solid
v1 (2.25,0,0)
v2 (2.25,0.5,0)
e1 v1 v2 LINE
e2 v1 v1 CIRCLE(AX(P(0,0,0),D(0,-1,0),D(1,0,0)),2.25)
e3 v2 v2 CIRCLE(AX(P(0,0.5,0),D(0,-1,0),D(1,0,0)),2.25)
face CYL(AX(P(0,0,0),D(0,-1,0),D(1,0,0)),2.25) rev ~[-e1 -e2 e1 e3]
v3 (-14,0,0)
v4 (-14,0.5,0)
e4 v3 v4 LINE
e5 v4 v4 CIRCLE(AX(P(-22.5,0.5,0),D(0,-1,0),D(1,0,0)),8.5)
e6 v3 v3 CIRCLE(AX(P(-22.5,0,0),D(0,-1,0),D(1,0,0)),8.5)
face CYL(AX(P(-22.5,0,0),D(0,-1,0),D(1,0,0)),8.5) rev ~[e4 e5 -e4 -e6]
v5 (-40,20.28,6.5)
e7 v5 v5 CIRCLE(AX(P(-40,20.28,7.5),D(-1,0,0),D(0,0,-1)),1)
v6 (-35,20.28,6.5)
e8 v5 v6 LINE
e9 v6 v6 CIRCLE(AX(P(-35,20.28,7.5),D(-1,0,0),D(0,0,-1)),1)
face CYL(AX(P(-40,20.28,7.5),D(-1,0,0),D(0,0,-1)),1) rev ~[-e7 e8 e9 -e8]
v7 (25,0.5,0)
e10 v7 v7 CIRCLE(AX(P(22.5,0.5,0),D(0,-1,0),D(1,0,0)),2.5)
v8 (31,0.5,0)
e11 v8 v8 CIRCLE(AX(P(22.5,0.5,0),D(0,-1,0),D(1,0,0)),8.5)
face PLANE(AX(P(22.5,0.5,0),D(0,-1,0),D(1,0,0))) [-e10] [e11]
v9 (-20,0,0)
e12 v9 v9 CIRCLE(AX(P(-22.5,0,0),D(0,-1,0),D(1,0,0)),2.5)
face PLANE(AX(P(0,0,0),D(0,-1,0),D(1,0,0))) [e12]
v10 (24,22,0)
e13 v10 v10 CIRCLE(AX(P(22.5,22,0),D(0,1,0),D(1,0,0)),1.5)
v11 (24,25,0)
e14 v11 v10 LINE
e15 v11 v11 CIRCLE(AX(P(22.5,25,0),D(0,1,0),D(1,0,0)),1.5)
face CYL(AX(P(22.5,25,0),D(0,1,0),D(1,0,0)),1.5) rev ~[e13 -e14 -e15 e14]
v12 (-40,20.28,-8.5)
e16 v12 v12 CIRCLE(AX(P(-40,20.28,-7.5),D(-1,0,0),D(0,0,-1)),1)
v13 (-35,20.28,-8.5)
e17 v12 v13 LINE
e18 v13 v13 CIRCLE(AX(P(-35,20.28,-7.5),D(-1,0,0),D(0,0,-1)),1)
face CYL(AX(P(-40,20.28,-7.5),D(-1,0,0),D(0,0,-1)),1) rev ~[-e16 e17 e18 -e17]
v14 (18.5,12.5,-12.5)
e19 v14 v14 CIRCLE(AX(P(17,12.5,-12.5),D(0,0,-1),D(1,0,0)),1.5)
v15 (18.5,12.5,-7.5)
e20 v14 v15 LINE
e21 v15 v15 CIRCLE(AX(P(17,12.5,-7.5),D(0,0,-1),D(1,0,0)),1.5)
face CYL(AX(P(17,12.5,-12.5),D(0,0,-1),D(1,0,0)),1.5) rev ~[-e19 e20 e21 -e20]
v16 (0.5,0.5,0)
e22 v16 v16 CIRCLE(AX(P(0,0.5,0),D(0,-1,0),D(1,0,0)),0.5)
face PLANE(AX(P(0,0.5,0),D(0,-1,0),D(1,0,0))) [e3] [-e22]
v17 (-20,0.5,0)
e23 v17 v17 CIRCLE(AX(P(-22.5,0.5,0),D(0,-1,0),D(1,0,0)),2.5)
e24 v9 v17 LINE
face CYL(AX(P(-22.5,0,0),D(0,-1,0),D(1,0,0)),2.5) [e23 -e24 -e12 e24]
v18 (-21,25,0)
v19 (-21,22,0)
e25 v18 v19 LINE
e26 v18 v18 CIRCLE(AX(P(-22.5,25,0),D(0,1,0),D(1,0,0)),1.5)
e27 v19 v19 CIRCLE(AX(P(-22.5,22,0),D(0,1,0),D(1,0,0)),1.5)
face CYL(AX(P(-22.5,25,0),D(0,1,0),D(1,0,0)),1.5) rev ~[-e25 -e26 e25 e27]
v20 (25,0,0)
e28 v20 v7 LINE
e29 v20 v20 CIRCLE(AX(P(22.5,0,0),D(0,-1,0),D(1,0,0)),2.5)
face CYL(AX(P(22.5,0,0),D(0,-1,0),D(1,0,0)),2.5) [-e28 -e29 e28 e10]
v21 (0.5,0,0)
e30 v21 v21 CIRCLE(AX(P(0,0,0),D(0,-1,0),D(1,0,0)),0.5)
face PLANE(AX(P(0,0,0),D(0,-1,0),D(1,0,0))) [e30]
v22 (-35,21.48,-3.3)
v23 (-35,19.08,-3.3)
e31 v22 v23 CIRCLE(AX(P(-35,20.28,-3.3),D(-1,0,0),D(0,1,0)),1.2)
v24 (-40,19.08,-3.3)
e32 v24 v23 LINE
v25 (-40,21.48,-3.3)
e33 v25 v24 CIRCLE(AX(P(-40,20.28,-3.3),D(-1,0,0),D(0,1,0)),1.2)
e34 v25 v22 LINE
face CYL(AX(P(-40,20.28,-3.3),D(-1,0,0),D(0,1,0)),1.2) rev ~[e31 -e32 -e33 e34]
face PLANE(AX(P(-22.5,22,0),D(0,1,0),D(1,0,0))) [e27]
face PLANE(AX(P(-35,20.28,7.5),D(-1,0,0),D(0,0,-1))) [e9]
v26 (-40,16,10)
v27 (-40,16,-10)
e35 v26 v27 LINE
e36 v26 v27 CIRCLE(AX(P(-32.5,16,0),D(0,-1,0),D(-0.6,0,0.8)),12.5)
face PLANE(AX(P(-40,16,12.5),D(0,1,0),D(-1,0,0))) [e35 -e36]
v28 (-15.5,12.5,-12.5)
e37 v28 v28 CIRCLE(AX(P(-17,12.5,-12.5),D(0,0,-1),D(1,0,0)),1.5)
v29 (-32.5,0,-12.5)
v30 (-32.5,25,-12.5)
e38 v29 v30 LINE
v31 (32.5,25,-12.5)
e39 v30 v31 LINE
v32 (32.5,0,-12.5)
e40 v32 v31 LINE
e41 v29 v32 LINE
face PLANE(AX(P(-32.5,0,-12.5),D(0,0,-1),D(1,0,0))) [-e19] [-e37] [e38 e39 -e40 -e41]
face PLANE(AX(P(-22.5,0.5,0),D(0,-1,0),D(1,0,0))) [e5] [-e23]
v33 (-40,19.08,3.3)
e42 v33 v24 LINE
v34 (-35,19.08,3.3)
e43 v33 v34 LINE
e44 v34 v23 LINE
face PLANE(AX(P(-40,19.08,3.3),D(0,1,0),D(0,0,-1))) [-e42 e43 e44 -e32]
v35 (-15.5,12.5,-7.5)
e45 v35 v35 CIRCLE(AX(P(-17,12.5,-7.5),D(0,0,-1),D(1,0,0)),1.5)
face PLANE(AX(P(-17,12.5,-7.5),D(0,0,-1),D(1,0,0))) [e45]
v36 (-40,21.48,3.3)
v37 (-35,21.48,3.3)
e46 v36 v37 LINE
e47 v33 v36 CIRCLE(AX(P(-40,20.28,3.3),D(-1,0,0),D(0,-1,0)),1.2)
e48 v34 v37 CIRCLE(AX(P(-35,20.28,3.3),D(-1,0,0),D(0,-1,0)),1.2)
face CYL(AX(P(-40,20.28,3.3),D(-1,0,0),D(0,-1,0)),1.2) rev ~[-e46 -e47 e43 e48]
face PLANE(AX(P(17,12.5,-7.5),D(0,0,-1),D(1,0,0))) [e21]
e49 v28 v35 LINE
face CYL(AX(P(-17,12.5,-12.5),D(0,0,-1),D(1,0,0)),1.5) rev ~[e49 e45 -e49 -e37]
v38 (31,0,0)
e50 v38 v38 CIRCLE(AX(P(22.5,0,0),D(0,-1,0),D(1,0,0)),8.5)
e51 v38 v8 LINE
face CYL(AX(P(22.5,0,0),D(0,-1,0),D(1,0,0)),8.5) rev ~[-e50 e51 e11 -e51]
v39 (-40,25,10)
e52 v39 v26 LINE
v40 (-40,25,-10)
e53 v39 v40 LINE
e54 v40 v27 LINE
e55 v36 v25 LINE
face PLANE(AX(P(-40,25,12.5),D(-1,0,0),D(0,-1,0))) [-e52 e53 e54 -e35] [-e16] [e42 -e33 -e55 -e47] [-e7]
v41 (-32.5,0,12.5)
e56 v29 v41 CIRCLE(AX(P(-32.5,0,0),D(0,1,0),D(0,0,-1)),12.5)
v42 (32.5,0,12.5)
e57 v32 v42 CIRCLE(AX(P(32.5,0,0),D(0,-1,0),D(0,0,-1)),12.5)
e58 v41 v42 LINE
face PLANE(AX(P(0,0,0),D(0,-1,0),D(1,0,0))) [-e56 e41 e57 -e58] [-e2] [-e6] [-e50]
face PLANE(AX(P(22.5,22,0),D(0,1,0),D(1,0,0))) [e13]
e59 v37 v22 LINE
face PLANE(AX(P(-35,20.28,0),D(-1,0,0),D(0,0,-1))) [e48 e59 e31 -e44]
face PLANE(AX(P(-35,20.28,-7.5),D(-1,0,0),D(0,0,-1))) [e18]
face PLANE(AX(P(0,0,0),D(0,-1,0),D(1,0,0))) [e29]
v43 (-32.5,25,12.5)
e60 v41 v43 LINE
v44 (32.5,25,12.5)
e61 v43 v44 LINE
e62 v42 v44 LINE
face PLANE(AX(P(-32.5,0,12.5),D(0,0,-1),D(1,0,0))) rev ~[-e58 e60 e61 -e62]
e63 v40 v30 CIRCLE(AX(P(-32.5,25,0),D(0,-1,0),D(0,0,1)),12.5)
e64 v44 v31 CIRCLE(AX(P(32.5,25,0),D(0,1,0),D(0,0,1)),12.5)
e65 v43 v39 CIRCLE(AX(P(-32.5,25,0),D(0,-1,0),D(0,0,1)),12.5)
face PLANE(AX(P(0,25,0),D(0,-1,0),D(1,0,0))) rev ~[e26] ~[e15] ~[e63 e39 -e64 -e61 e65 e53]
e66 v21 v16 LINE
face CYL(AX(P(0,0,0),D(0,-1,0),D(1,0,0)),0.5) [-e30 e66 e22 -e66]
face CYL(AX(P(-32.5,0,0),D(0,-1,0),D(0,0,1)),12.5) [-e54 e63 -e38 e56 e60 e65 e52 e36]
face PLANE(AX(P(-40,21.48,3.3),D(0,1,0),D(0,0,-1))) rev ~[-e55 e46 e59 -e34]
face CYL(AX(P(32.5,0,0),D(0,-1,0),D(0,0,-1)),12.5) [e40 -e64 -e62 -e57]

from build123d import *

# Parameters (mm, degrees)
PAD_DEPTH       = 25
SKETCH001_W     = 91
SKETCH001_H     = 26
POCKET_DEPTH    = 25.001
SKETCH002_R     = 1.5
POCKET001_DEPTH = 3
SKETCH004_R     = 1
POCKET002_DEPTH = 5
SKETCH005_R     = 8.5
SKETCH005_R_2   = 2.5
SKETCH005_R_3   = 2.25
SKETCH005_R_4   = 0.5
POCKET003_DEPTH = 0.5
SKETCH006_R     = 1.5
POCKET004_DEPTH = 5


with BuildPart() as part:
    # Sketch → Pad (new body)
    with BuildSketch(Plane.XZ):
        with BuildLine():
            ThreePointArc((-32.5, 12.5), (-45, 0), (-32.5, -12.5))
            Line((-32.5, -12.5), (32.5, -12.5))
            ThreePointArc((32.5, -12.5), (45, 0), (32.5, 12.5))
            Line((-32.5, 12.5), (32.5, 12.5))
        make_face()
    extrude(amount=-PAD_DEPTH)

    # Sketch001 (on Face4 of Pad) → Pocket (cut, through all)
    with BuildSketch(Plane(origin=(0, 0, 12.5), x_dir=(-1, 0, 0), z_dir=(0, 0, 1))):
        with Locations((0, -12.5)):
            Rectangle(SKETCH001_W, SKETCH001_H)
        Polygon((45, -16), (45, -2), (45, 0), (44, 0), (-32.5, 0), (-44.5, 0), (-45, 0), (-45, -3.68), (-45, -23), (-45, -25), (-44, -25), (40, -25), (40, -16), align=None, mode=Mode.SUBTRACT)
    extrude(amount=-POCKET_DEPTH, mode=Mode.SUBTRACT)

    # Sketch002 (on Face5 of Pocket) → Pocket001 (cut)
    with BuildSketch(Plane(origin=(0, 25, 0), x_dir=(1, 0, 0), z_dir=(0, 1, 0))):
        with Locations((22.5, 0)):
            Circle(SKETCH002_R)
        with Locations((-22.5, 0)):
            Circle(SKETCH002_R)
    extrude(amount=-POCKET001_DEPTH, mode=Mode.SUBTRACT)

    # Sketch004 (on Face7 of Pocket001) → Pocket002 (cut)
    with BuildSketch(Plane(origin=(-40, 0, 0), x_dir=(0, 0, -1), z_dir=(-1, 0, 0))):
        with Locations((-7.5, -20.28)):
            Circle(SKETCH004_R)
        with Locations((7.5, -20.28)):
            Circle(SKETCH004_R)
        with BuildLine():
            ThreePointArc((-3.3, -19.08), (-4.5, -20.28), (-3.3, -21.48))
            Line((-3.3, -21.48), (3.3, -21.48))
            ThreePointArc((3.3, -21.48), (4.5, -20.28), (3.3, -19.08))
            Line((-3.3, -19.08), (3.3, -19.08))
        make_face()
    extrude(amount=-POCKET002_DEPTH, mode=Mode.SUBTRACT)

    # Sketch005 (on Face1 of Pocket002) → Pocket003 (cut)
    with BuildSketch(Plane.XZ):
        with Locations((-22.5, 0)):
            Circle(SKETCH005_R)
        with Locations((-22.5, 0)):
            Circle(SKETCH005_R_2, mode=Mode.SUBTRACT)
        with Locations((22.5, 0)):
            Circle(SKETCH005_R)
        with Locations((22.5, 0)):
            Circle(SKETCH005_R_2, mode=Mode.SUBTRACT)
        Circle(SKETCH005_R_3)
        Circle(SKETCH005_R_4, mode=Mode.SUBTRACT)
    extrude(amount=-POCKET003_DEPTH, mode=Mode.SUBTRACT)

    # Sketch006 (on Face5 of Pocket003) → Pocket004 (cut)
    with BuildSketch(Plane(origin=(0, 0, -12.5), x_dir=(1, 0, 0), z_dir=(0, 0, -1))):
        with Locations((-17, -12.5)):
            Circle(SKETCH006_R)
        with Locations((17, -12.5)):
            Circle(SKETCH006_R)
    extrude(amount=-POCKET004_DEPTH, mode=Mode.SUBTRACT)


solid = part.part
